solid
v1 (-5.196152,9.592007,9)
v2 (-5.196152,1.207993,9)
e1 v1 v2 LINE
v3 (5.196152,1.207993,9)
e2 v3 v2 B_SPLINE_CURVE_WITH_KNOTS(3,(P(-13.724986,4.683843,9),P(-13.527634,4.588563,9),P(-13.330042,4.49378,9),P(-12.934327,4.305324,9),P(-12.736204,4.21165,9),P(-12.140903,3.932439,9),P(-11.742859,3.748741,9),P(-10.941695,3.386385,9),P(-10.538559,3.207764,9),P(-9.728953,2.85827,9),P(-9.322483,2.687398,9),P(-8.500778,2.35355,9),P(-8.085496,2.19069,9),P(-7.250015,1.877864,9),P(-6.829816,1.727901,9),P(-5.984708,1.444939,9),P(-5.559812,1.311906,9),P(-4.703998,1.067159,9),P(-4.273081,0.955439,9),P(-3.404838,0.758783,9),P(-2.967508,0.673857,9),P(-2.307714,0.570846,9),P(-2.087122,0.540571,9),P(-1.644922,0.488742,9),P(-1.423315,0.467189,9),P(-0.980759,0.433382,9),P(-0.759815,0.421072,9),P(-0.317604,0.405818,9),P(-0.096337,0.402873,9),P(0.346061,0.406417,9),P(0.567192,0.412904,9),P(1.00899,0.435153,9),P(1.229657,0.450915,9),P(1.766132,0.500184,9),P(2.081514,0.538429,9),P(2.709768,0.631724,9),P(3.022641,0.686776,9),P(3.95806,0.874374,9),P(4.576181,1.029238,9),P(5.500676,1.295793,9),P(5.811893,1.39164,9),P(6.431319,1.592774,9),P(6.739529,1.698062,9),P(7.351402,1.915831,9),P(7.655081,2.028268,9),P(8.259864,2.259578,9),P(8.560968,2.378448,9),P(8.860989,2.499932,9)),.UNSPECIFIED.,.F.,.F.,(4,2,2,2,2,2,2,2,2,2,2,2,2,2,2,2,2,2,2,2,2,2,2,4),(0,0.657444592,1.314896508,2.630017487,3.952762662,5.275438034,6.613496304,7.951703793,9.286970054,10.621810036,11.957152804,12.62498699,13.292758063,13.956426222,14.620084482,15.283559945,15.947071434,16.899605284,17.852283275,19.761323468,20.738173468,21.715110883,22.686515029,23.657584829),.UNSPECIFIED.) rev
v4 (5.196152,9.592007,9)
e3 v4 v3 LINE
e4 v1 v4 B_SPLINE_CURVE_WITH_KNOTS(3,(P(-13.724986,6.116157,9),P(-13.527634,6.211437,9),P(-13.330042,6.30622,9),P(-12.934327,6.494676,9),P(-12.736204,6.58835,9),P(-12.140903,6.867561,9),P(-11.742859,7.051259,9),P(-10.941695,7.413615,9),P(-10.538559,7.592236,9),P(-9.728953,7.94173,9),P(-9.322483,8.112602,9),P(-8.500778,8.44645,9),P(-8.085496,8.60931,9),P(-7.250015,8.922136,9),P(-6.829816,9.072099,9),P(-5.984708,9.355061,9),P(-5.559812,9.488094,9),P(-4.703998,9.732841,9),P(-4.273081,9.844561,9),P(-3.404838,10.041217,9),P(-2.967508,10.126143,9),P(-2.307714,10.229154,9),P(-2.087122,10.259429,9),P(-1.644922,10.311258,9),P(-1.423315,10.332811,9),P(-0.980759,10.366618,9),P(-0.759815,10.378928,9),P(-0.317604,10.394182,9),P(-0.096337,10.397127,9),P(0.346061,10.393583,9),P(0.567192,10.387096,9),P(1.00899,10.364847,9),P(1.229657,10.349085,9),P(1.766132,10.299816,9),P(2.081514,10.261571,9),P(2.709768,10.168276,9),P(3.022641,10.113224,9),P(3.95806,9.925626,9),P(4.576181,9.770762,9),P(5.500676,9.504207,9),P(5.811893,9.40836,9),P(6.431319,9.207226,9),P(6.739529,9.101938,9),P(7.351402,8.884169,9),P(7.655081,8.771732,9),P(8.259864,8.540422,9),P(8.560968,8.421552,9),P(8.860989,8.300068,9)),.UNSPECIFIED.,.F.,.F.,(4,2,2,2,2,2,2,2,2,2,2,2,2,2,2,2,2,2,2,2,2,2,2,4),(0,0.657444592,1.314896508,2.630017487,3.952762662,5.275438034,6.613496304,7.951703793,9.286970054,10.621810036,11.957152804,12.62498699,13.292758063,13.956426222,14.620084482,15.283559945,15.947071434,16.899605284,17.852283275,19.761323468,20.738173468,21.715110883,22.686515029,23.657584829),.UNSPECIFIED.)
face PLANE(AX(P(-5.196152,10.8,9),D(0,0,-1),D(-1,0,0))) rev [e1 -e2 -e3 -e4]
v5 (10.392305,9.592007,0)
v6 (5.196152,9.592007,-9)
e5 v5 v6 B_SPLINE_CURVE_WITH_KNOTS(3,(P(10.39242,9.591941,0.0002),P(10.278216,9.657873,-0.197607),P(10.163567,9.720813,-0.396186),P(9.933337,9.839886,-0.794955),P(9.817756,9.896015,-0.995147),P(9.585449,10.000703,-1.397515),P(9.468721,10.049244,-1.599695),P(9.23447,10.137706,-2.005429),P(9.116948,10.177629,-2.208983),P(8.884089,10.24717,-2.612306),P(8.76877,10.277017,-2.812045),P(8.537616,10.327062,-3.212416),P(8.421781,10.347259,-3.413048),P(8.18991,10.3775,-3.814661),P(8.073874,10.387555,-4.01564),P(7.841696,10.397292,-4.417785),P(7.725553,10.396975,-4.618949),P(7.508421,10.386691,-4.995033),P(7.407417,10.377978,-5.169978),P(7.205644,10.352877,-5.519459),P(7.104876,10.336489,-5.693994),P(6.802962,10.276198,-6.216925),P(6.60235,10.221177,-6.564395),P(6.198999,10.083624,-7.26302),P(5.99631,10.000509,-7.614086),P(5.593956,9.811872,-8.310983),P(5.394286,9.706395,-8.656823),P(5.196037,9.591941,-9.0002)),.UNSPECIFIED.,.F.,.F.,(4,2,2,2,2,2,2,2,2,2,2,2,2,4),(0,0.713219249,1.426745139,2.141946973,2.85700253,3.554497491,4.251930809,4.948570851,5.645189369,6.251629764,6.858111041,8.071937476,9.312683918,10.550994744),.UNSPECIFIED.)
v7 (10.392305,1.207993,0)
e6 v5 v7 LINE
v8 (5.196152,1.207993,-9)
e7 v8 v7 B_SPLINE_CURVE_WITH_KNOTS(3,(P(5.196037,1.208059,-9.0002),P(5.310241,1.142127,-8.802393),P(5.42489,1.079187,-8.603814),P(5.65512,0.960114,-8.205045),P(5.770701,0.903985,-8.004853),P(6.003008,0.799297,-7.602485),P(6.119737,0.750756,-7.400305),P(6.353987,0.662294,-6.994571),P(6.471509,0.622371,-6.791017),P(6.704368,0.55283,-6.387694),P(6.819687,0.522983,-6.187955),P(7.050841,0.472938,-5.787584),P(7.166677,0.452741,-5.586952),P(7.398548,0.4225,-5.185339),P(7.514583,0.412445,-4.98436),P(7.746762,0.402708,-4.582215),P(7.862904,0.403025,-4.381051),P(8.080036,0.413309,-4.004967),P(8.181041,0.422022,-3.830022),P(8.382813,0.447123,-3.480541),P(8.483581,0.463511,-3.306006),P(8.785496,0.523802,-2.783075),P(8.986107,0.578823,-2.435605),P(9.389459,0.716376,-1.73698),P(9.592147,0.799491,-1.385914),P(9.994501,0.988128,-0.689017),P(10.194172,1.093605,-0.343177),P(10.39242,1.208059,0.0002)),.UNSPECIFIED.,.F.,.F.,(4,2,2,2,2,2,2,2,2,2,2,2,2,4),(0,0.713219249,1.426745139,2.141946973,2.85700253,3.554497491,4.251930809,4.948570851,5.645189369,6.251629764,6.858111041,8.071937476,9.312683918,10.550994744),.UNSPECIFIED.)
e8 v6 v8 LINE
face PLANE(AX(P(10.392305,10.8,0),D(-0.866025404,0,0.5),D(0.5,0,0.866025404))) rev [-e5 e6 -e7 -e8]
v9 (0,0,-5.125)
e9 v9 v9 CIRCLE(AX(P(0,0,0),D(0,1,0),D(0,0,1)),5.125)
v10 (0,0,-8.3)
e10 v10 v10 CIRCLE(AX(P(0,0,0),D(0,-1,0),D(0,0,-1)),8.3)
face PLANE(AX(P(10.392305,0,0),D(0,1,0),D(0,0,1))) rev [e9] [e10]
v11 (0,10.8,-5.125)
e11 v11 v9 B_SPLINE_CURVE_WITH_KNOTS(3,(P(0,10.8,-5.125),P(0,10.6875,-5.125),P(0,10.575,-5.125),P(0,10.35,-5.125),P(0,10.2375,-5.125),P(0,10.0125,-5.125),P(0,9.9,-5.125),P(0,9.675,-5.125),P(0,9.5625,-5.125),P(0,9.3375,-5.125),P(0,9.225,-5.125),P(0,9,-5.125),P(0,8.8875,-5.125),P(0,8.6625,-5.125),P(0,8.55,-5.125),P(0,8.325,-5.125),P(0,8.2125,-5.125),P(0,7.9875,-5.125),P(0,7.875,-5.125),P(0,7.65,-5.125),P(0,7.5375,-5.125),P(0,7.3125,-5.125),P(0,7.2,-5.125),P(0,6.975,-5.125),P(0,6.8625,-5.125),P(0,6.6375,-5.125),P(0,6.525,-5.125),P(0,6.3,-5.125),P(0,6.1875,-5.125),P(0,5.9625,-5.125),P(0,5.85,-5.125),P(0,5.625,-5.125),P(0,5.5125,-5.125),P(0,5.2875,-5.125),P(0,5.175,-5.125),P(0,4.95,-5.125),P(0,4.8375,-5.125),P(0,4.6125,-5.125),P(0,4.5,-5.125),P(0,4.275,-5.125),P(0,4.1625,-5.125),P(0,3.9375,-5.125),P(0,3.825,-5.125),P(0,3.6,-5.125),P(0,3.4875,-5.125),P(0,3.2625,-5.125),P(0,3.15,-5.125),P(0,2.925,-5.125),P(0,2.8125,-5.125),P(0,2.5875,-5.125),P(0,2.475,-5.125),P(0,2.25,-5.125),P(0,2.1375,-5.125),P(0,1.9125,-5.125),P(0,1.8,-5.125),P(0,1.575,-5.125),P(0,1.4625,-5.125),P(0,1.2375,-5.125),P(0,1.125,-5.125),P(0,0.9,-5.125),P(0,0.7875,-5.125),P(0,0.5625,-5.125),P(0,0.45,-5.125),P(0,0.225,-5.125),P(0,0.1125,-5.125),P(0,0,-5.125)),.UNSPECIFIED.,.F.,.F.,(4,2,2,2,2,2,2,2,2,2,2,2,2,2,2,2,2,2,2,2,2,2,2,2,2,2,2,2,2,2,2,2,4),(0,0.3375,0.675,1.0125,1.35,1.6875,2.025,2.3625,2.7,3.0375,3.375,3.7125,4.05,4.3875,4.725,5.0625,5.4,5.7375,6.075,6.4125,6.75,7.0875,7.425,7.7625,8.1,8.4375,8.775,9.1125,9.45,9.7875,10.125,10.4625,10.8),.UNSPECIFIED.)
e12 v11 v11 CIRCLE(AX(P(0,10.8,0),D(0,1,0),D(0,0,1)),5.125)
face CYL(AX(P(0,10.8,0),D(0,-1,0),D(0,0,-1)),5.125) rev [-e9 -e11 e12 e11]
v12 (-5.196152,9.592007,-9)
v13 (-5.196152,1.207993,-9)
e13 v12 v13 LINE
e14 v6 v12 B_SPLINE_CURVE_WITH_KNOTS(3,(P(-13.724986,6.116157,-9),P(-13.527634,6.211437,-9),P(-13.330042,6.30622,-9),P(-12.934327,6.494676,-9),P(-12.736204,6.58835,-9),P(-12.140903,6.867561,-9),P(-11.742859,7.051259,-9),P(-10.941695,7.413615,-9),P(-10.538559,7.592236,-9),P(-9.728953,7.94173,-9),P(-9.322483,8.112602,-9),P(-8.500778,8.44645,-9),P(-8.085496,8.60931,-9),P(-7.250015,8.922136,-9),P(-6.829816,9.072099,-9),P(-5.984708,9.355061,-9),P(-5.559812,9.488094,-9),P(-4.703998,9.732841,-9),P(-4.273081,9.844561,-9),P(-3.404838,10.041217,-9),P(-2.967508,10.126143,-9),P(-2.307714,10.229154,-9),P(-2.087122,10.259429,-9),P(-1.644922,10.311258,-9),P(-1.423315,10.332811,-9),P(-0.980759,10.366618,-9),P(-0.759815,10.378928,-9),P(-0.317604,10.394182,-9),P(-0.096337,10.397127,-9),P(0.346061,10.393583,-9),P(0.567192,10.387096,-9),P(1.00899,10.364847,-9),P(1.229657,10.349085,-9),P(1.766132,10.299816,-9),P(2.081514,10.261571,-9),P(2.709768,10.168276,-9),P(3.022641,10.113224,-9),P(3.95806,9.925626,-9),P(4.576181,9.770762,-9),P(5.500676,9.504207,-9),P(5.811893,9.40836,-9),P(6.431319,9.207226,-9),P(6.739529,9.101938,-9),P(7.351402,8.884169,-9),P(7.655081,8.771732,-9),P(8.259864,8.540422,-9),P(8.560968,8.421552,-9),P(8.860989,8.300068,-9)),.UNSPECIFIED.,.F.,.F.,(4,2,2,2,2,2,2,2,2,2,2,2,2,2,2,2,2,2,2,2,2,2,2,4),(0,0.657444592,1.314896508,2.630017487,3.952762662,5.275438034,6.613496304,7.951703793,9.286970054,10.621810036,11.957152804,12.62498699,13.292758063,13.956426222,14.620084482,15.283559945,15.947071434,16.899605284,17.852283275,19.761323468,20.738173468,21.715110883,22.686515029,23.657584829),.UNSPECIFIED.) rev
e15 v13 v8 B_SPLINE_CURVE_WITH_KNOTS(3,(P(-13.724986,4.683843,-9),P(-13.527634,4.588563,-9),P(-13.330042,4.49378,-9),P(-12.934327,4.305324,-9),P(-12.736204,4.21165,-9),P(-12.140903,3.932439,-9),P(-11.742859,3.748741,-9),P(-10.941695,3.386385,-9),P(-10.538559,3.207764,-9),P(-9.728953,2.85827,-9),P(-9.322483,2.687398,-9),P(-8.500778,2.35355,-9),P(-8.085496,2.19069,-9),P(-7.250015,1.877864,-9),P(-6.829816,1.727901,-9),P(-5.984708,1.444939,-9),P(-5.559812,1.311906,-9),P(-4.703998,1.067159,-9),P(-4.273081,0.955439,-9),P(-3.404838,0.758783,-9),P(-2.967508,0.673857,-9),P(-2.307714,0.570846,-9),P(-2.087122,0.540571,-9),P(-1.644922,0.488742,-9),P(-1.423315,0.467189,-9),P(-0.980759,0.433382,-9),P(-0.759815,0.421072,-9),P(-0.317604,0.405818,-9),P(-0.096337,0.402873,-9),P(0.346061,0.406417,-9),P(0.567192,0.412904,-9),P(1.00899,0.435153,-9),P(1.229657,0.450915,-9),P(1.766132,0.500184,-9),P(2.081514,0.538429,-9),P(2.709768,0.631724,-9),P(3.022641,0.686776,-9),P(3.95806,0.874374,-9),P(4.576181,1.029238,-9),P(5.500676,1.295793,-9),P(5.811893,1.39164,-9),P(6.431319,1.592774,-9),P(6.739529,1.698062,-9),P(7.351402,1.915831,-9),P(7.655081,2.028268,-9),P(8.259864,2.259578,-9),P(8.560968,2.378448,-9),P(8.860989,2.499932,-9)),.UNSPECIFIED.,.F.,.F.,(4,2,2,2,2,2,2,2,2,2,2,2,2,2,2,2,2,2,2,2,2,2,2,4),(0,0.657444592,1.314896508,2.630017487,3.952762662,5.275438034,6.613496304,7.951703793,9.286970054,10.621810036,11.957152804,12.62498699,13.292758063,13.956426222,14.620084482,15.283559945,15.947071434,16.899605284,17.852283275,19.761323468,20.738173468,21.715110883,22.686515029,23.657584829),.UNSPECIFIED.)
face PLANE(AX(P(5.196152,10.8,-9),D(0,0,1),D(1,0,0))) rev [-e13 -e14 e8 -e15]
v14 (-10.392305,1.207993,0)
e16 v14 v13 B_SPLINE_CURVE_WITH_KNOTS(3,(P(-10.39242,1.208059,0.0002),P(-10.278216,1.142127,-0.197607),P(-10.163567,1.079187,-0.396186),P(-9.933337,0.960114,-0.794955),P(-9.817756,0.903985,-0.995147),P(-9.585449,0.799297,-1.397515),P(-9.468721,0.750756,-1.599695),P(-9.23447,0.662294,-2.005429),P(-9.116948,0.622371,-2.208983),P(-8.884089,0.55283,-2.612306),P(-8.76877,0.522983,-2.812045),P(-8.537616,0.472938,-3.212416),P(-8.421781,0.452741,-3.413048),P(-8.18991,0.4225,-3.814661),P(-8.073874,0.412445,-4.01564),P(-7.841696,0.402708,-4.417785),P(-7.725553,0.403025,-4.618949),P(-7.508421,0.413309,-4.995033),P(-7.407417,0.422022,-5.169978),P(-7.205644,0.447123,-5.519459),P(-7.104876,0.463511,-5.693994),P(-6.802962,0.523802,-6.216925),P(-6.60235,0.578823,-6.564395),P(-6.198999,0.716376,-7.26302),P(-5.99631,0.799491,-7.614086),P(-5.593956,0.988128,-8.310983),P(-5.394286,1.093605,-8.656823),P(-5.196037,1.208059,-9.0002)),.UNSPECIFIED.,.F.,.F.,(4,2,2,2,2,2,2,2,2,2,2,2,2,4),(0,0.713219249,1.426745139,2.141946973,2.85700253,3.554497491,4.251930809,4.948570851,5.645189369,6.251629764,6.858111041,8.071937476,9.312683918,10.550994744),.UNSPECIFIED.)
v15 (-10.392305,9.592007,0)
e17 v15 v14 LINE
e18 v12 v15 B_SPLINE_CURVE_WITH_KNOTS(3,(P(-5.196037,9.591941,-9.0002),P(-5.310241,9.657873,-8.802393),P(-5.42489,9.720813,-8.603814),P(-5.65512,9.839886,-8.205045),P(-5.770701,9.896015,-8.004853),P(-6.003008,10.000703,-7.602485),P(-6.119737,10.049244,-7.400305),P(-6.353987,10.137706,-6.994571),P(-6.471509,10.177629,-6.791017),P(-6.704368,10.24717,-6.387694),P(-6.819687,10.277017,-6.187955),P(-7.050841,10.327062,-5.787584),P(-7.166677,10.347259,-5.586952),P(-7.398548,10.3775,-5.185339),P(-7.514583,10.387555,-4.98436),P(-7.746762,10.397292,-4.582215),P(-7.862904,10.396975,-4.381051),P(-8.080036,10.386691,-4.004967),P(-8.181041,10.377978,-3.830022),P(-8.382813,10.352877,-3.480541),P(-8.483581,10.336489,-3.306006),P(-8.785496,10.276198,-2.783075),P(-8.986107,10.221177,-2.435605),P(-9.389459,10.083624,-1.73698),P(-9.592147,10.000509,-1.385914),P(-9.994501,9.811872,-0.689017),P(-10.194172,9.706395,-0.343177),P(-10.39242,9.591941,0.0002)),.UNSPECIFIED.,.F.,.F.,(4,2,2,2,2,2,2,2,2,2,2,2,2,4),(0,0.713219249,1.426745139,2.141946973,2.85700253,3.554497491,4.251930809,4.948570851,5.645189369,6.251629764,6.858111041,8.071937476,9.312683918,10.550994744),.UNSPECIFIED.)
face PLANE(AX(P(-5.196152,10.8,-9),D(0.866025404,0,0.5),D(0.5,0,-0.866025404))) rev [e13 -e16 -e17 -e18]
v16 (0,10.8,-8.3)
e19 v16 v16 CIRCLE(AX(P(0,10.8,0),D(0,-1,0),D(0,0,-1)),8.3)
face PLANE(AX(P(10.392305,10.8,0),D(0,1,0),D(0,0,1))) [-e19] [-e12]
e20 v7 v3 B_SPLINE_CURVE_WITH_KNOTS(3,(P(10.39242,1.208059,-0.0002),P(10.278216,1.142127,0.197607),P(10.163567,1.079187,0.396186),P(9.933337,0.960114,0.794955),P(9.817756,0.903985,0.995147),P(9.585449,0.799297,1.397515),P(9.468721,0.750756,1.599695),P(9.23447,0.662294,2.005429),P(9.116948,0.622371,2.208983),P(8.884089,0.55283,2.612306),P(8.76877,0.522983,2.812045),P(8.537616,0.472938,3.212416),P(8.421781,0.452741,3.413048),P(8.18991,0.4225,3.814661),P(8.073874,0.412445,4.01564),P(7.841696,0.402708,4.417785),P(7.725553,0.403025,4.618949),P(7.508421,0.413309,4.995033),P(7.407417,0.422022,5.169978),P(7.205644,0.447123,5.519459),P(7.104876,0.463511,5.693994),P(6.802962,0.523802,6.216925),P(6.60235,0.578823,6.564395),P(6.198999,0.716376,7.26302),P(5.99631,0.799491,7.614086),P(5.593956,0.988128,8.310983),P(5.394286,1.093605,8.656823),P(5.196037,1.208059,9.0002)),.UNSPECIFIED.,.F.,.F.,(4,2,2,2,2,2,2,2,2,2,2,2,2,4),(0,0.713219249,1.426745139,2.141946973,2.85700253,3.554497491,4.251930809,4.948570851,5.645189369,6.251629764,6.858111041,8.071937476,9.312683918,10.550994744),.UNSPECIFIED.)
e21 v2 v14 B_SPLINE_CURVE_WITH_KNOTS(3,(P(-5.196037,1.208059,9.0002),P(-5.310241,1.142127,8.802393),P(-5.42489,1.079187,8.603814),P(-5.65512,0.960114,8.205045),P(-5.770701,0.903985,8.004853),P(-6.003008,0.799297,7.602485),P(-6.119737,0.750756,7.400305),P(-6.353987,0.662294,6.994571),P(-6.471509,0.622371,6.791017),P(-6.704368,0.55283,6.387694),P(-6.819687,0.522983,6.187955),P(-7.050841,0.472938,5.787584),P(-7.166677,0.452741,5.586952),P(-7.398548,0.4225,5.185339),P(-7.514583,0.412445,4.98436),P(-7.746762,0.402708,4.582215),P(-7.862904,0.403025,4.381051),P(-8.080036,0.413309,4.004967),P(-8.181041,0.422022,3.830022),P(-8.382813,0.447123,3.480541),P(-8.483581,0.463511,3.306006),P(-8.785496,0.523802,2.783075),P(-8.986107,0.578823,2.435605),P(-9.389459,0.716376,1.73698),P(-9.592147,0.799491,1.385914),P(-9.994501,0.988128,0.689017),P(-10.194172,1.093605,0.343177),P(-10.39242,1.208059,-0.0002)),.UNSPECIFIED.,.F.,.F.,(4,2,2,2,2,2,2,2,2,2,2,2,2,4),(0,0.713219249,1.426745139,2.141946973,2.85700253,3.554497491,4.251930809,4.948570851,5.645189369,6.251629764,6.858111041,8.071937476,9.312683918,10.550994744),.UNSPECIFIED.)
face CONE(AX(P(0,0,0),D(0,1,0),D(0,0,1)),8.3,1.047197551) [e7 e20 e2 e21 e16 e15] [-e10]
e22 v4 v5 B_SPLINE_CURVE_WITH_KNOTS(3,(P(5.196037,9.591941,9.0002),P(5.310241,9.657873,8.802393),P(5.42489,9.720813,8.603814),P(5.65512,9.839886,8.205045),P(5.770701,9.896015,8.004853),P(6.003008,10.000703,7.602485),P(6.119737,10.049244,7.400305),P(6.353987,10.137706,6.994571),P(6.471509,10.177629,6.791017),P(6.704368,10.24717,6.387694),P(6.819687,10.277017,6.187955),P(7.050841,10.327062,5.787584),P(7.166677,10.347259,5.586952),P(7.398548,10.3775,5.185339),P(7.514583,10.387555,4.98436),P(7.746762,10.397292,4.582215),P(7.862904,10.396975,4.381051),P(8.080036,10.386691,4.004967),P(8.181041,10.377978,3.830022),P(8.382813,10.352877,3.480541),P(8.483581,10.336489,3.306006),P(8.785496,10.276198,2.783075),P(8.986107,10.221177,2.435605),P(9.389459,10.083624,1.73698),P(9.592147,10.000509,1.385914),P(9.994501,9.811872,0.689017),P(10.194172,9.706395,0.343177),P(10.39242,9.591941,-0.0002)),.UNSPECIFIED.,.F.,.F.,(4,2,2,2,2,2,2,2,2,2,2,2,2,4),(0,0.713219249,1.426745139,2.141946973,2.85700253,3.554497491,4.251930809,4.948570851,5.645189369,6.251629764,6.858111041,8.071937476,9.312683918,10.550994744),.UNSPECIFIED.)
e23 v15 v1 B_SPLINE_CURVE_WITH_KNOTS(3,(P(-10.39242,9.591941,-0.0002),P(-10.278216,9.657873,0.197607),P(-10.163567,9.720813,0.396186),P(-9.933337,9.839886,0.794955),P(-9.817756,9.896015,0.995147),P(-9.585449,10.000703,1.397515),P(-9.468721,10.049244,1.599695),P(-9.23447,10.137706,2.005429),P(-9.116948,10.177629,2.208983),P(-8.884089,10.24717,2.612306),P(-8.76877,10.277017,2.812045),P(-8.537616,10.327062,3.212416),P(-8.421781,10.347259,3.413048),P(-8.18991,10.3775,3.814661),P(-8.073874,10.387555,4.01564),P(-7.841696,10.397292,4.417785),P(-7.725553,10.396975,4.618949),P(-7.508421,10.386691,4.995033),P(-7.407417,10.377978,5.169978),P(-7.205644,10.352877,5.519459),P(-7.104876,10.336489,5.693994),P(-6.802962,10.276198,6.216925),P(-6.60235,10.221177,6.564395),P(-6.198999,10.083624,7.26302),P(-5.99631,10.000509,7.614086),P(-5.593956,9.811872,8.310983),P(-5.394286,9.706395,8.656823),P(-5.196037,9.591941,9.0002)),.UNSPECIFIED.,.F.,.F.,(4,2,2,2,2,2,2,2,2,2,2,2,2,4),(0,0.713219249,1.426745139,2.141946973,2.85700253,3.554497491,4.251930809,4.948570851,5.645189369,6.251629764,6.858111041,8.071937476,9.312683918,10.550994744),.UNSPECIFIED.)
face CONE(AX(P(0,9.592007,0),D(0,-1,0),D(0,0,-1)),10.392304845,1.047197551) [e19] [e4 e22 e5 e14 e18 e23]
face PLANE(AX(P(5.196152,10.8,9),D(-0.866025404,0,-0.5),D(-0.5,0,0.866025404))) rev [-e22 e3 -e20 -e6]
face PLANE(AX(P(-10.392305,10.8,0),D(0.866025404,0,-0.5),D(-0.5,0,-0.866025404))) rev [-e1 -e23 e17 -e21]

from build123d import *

# Parameters (mm, degrees)
SKETCH1_R      = 5.125
EXTRUDE1_DEPTH = 10.8


with BuildPart() as part:
    # Sketch1 → Extrude1 (new body)
    with BuildSketch(Plane(origin=(0, 0, 0), x_dir=(1, 0, 0), z_dir=(0, 1, 0))):
        Polygon((10.392304845, 0), (5.196152423, 9), (-5.196152423, 9), (-10.392304845, 0), (-5.196152423, -9), (5.196152423, -9), align=None)
        with Locations(Location((0, 0, 0), (0, 0, 90))):
            Circle(SKETCH1_R, mode=Mode.SUBTRACT)
    extrude(amount=EXTRUDE1_DEPTH)

    # Sketch2 → Cut-Revolve1 (revolve, cut)
    with BuildSketch(Plane.XY, mode=Mode.PRIVATE) as cut_revolve1_sk:
        Polygon((-8.3, 10.8), (-10.392304845, 9.592007234), (-10.392304845, 10.8), align=None)
        Polygon((-10.392304845, 1.207992766), (-8.3, 0), (-10.392304845, 0), align=None)
    revolve(cut_revolve1_sk.sketch.rotate(Axis((0, 0, 0), (0, 1, 0)), 270), axis=Axis((0, 0, 0), (0, 1, 0)), mode=Mode.SUBTRACT)


solid = part.part
